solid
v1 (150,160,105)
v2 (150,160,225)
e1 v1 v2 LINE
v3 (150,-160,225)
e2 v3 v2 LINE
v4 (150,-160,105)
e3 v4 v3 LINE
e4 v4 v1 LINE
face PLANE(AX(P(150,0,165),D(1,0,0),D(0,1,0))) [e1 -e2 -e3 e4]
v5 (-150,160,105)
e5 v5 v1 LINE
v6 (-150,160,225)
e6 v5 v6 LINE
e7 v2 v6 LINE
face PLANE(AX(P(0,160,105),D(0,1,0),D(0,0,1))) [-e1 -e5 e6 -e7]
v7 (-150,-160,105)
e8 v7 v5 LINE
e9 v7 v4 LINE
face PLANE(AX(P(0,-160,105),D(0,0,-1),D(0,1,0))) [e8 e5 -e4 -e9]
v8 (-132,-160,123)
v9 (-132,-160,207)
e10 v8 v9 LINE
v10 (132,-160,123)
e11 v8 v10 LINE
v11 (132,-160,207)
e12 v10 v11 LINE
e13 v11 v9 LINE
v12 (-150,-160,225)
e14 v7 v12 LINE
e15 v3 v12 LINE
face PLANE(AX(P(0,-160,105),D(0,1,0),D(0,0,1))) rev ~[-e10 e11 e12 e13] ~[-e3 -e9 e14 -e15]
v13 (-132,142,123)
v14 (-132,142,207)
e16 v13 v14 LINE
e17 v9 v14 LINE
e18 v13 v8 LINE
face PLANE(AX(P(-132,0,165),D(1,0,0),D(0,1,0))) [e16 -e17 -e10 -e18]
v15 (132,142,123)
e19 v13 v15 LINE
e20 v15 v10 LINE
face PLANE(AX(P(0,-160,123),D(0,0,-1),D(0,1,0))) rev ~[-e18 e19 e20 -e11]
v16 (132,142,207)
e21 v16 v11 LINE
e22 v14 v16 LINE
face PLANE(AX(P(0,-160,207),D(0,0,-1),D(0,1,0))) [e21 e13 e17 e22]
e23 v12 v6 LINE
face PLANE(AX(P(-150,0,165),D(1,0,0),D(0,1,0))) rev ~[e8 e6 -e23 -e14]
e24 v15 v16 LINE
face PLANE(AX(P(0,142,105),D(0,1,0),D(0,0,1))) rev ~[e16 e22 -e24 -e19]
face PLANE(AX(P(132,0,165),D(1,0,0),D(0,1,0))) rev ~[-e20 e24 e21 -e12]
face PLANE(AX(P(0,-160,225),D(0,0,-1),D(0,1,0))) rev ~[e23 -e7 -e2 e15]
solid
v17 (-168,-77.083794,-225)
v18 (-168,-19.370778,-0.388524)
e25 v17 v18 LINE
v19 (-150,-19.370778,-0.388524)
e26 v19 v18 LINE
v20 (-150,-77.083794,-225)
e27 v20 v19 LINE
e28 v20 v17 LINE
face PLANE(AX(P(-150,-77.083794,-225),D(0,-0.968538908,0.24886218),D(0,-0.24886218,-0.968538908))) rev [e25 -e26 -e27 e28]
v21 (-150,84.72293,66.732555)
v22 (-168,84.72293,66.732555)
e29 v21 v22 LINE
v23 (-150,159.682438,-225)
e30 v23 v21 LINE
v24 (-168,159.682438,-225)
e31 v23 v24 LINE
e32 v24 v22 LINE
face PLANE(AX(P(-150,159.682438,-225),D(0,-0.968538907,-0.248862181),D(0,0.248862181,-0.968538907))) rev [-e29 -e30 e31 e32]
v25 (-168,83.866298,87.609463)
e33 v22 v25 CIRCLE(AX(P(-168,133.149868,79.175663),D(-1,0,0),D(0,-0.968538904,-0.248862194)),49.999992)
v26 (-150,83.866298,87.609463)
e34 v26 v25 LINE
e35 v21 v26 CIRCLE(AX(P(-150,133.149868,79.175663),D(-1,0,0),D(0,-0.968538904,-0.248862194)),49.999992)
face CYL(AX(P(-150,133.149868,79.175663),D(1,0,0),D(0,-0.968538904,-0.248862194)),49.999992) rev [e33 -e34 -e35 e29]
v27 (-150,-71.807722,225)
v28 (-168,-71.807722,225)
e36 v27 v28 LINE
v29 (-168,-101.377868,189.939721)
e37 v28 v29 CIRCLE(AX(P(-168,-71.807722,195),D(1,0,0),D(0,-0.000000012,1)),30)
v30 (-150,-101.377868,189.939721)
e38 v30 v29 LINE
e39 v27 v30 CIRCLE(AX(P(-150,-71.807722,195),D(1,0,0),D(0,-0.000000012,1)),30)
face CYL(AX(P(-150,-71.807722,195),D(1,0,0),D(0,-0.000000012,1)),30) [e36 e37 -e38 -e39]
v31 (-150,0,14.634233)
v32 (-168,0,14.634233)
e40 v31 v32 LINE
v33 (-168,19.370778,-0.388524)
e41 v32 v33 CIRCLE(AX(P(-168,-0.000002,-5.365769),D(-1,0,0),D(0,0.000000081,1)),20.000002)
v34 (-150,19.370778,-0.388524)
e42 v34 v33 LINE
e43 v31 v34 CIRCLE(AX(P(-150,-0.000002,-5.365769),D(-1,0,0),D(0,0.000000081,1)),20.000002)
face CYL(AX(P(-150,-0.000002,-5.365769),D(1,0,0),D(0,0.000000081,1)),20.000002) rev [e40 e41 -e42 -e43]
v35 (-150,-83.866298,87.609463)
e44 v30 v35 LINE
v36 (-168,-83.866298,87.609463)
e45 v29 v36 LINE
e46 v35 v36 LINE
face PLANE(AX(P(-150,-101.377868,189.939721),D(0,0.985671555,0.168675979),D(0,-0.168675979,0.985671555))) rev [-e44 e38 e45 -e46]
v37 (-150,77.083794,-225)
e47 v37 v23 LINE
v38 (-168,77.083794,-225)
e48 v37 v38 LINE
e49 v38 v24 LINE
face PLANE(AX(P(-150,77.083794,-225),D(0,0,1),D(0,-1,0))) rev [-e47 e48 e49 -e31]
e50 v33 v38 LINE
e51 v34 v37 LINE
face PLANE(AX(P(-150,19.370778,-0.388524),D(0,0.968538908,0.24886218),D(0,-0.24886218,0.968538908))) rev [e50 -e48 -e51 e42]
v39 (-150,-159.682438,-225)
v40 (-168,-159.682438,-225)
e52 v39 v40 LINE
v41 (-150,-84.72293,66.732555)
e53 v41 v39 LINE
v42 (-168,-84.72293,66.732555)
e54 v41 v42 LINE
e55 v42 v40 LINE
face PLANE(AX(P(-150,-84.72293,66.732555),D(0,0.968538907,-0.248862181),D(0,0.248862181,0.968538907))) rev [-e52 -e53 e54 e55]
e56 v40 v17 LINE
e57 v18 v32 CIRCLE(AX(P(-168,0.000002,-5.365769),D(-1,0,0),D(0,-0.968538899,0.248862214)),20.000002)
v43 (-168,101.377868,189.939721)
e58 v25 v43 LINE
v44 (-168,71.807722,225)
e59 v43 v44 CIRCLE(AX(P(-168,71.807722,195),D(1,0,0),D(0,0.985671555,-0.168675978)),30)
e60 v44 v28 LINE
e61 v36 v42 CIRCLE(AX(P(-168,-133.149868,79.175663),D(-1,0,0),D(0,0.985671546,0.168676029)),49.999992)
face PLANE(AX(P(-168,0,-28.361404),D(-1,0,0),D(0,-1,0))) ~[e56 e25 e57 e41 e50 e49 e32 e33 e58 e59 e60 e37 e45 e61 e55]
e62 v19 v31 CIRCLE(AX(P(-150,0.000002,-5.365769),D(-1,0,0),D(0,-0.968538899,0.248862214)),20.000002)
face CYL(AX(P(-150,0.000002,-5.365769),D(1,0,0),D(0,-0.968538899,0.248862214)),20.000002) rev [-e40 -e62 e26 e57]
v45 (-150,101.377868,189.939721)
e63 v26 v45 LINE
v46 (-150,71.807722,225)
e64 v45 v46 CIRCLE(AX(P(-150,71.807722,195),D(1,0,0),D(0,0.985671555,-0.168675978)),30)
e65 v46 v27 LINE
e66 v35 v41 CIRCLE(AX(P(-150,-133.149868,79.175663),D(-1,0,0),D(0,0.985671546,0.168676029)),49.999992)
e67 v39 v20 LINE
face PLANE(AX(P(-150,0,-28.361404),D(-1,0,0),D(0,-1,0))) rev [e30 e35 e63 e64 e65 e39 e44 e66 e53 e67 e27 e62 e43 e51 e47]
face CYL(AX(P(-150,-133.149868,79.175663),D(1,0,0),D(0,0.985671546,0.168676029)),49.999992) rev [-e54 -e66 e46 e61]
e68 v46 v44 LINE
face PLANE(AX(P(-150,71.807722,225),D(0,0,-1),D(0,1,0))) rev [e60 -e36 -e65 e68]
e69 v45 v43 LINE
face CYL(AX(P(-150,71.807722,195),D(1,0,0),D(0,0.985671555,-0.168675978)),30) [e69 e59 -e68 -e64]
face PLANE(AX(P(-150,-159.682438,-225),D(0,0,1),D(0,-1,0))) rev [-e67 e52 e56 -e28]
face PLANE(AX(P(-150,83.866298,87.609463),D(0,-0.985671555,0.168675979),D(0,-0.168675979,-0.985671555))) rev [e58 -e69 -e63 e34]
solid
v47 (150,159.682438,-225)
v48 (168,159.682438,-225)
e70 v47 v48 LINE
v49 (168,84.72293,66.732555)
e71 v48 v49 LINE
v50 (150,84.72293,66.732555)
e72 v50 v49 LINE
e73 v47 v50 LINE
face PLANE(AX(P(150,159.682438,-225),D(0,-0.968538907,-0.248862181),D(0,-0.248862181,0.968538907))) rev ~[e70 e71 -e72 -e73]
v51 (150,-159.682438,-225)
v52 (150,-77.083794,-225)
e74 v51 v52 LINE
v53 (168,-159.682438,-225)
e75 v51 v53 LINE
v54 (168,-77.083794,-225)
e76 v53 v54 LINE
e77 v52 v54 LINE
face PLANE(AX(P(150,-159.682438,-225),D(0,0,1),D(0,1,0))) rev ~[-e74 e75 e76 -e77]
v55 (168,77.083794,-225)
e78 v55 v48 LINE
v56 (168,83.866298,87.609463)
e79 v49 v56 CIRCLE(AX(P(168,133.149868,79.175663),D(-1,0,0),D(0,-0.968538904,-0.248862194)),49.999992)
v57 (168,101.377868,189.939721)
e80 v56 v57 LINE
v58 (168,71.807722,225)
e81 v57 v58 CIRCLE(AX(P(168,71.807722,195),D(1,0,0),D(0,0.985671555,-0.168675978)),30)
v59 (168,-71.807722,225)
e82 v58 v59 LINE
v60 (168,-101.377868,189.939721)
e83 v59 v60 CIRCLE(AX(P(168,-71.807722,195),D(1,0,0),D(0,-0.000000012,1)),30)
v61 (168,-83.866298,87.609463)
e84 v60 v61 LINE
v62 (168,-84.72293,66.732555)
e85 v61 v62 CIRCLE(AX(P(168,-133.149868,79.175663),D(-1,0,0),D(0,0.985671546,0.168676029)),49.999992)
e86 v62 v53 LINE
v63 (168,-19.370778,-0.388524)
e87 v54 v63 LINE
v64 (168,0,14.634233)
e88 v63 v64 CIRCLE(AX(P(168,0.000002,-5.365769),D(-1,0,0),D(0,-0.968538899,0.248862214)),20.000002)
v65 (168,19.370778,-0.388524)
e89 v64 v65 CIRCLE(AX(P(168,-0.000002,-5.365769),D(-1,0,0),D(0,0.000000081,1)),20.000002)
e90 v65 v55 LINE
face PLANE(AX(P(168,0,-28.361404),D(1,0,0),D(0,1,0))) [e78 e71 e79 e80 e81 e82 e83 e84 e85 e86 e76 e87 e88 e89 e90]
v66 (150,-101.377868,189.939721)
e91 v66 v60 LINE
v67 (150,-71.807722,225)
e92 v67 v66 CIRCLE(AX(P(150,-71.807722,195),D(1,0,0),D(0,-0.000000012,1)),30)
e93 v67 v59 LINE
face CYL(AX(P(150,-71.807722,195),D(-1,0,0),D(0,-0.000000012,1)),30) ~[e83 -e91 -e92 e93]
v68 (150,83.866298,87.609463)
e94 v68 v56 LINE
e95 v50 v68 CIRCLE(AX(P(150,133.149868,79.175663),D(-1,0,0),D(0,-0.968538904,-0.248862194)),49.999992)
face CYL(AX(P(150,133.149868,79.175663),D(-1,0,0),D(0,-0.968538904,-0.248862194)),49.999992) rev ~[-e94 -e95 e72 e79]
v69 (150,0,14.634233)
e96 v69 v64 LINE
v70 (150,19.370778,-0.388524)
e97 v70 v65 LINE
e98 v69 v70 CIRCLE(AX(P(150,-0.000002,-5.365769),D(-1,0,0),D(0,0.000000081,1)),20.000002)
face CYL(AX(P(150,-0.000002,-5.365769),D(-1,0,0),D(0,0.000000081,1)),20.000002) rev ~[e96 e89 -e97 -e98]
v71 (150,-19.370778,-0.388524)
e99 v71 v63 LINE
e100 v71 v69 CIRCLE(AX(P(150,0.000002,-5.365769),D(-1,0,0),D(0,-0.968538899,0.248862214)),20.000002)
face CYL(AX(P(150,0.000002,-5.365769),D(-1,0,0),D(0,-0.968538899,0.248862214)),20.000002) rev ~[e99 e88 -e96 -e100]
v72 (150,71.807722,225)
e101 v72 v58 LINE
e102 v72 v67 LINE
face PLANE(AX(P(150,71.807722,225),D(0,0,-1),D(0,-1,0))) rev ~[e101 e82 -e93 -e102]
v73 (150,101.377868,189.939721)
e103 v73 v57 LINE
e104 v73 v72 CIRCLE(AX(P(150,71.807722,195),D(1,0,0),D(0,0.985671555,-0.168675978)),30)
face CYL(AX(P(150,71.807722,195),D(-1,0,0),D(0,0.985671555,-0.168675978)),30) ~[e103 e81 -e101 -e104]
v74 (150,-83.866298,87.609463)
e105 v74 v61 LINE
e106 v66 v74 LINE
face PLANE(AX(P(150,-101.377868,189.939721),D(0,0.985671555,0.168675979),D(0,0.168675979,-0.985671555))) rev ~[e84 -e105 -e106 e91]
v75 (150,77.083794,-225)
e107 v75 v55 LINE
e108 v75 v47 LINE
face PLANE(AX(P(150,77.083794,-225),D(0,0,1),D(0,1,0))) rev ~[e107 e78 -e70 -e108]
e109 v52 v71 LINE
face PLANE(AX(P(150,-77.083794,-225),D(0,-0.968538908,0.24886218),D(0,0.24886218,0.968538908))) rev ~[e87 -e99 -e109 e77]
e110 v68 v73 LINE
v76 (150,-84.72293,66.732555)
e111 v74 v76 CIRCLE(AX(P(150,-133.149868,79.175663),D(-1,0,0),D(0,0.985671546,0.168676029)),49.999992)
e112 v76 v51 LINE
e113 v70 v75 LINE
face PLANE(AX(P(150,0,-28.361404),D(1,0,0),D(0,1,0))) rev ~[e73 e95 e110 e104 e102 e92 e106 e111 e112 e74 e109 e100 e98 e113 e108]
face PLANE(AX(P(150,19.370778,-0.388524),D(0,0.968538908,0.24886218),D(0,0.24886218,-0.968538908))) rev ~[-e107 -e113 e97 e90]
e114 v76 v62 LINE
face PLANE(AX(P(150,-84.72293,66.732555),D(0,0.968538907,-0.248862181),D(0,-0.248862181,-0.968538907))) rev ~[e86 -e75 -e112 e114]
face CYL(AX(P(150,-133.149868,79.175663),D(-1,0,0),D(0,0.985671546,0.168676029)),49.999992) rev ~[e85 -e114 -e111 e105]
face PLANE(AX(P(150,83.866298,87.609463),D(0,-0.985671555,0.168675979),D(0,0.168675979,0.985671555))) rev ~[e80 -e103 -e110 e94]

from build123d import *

# Parameters (mm, degrees)
F2_DEPTH = 18
F3_W     = 320
F3_H     = 120
F4_DEPTH = 150
F6_T     = -18


with BuildPart() as f2:
    # F1 (on offset) → F2 (new body)
    with BuildSketch(Plane.YZ.offset(150)):
        with BuildLine():
            Line((71.807722, 225), (-71.807722, 225))
            ThreePointArc((-71.807722, 225), (-94.740323, 214.341556), (-101.377868, 189.939721))
            Line((-101.377868, 189.939721), (-83.866298, 87.609463))
            ThreePointArc((-83.866298, 87.609463), (-83.191914, 77.125763), (-84.72293, 66.732555))
            Line((-84.72293, 66.732555), (-159.682438, -225))
            Line((-159.682438, -225), (-77.083794, -225))
            Line((-77.083794, -225), (-19.370778, -0.388524))
            ThreePointArc((-19.370778, -0.388524), (-12.256735, 10.438423), (0, 14.634233))
            ThreePointArc((0, 14.634233), (12.256735, 10.438423), (19.370778, -0.388524))
            Line((19.370778, -0.388524), (77.083794, -225))
            Line((77.083794, -225), (159.682438, -225))
            Line((159.682438, -225), (84.72293, 66.732555))
            ThreePointArc((84.72293, 66.732555), (83.191914, 77.125763), (83.866298, 87.609463))
            Line((83.866298, 87.609463), (101.377868, 189.939721))
            ThreePointArc((101.377868, 189.939721), (94.740323, 214.341556), (71.807722, 225))
        make_face()
    extrude(amount=F2_DEPTH)


with BuildPart() as f4:
    # F3 (on Right) → F4 (new body, symmetric)
    with BuildSketch(Plane.YZ):
        with Locations((0, 165)):
            Rectangle(F3_W, F3_H)
    extrude(amount=F4_DEPTH, both=True)

    # F6
    f6_openings = [f4.faces().sort_by_distance(p)[0] for p in [
        (0, -160, 165),
    ]]
    offset(amount=F6_T, openings=f6_openings)


with BuildPart() as f5_1:
    # F5: instance of F2
    add(f2.part.mirror(Plane.YZ))


solid = Compound([f2.part, f4.part, f5_1.part])
